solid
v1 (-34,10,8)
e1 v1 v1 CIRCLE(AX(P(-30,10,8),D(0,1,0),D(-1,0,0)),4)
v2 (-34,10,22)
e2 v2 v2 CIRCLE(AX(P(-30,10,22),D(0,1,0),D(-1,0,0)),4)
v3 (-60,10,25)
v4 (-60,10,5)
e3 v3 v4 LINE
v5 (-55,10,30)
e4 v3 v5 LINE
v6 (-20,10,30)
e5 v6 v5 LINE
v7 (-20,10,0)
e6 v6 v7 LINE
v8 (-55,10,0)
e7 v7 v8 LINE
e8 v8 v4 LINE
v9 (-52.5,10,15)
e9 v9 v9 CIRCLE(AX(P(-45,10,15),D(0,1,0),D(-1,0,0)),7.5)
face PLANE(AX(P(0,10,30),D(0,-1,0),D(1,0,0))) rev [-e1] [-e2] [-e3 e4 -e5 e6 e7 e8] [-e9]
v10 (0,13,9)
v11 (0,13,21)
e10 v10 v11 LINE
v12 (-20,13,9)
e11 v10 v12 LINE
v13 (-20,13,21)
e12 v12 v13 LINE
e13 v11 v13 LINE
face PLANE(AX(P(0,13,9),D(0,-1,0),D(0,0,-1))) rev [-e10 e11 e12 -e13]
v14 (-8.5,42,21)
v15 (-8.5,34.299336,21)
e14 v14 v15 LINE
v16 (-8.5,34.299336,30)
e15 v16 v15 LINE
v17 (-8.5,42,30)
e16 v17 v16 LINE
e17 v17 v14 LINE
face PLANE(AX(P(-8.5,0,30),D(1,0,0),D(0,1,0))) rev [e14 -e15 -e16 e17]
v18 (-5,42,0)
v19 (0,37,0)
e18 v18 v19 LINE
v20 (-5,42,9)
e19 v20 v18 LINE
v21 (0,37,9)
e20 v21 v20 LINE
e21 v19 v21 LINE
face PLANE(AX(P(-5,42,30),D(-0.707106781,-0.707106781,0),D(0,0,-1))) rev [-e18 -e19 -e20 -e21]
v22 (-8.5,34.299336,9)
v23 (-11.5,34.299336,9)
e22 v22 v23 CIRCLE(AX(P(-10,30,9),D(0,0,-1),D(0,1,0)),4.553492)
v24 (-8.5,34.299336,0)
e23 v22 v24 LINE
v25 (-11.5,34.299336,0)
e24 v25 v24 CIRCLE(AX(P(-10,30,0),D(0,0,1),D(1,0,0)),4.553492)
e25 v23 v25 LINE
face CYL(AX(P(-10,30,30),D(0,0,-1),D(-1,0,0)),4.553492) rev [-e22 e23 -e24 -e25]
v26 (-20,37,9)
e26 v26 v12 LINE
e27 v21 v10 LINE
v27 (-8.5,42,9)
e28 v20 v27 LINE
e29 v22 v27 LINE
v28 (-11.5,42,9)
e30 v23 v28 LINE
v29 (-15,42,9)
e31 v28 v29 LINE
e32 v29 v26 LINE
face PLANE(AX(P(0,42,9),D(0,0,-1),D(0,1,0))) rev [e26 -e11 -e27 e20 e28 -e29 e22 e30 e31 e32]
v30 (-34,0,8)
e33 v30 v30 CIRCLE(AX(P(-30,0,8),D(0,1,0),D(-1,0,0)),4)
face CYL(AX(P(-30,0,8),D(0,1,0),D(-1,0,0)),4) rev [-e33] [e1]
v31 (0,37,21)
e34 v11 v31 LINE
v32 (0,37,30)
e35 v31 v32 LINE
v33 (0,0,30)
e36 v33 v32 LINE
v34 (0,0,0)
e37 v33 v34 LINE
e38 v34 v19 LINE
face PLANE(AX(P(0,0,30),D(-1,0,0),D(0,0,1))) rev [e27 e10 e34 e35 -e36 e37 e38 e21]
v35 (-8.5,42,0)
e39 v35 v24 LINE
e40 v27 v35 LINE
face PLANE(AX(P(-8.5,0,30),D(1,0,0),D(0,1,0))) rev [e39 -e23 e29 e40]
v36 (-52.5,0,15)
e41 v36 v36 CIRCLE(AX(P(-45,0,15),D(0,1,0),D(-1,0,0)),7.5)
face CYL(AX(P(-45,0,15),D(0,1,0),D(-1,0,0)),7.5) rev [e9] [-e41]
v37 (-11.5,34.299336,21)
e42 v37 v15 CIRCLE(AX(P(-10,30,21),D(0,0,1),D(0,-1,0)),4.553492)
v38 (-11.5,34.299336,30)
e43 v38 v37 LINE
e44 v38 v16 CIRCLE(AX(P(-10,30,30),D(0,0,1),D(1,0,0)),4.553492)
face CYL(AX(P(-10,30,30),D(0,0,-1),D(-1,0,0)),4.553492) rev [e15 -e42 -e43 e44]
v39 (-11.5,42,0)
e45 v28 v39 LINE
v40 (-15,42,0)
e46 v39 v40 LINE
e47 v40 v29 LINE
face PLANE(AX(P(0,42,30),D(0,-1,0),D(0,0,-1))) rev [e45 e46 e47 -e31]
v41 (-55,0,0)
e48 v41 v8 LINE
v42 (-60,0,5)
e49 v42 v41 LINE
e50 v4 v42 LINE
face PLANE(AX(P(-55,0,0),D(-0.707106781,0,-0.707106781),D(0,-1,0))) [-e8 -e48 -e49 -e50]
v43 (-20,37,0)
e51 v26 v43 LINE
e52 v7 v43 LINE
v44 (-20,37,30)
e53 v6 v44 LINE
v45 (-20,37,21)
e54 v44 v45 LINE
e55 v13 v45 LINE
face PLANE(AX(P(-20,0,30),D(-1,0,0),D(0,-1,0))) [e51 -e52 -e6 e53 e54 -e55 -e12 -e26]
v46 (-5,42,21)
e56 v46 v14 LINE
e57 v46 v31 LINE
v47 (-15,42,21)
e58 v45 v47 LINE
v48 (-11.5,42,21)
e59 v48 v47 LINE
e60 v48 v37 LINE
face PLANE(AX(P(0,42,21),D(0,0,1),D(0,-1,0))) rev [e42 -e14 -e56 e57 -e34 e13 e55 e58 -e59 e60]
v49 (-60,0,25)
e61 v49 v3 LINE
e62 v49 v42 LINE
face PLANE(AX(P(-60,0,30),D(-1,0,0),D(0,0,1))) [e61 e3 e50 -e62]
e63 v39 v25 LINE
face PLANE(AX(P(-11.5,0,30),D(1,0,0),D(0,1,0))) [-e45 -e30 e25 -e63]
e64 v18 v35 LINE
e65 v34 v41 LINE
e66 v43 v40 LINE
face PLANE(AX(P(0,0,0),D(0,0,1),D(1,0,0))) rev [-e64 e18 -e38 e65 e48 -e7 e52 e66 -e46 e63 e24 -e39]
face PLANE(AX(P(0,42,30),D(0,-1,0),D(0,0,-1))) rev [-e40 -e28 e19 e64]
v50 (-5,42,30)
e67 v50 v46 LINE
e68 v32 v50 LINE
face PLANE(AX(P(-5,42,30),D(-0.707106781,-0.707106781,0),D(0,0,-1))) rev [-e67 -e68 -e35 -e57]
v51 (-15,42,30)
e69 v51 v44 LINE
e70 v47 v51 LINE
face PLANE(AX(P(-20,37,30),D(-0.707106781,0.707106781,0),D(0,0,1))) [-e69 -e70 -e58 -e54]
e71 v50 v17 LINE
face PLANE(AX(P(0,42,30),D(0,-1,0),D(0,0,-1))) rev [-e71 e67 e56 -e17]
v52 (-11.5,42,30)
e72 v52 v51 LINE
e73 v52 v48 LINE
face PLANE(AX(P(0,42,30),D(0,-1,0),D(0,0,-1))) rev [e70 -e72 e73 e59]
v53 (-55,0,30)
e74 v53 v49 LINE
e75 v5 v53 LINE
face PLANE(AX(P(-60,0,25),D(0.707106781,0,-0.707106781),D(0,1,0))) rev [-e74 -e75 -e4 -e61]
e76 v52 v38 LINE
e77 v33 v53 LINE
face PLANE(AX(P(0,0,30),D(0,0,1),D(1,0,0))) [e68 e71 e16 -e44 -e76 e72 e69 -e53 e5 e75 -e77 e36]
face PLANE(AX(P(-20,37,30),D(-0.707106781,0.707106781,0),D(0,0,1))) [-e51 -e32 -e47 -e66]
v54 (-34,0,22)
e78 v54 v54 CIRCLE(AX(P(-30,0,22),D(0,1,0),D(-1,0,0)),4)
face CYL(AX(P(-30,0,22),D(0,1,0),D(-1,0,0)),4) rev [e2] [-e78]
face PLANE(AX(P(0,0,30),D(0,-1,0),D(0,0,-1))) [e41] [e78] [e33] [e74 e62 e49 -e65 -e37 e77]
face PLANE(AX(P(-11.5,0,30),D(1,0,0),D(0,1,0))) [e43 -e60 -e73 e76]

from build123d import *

# Parameters (mm, degrees)
BOSS_EXTRUDE1_DEPTH = 30
SKETCH2_R           = 7.5
SKETCH2_R_2         = 4
CUT_EXTRUDE1_DEPTH  = 75.323616704
SKETCH3_W           = 12
SKETCH3_H           = 29
CUT_EXTRUDE2_DEPTH  = 66.299310869
CHAMFER1_SIZE       = 5


with BuildPart() as part:
    # Sketch1 → Boss-Extrude1 (new body)
    with BuildSketch(Plane.XY):
        with BuildLine():
            ThreePointArc((-11.5, 34.299335699), (-10, 25.446508213), (-8.5, 34.299335699))
            Line((-8.5, 34.299335699), (-8.5, 42))
            Line((-8.5, 42), (0, 42))
            Line((0, 42), (0, 0))
            Line((0, 0), (-60, 0))
            Line((-60, 0), (-60, 10))
            Line((-60, 10), (-20, 10))
            Line((-20, 10), (-20, 42))
            Line((-20, 42), (-11.5, 42))
            Line((-11.5, 42), (-11.5, 34.299335699))
        make_face()
    extrude(amount=BOSS_EXTRUDE1_DEPTH)

    # Sketch2 → Cut-Extrude1 (cut, through all)
    with BuildSketch(Plane(origin=(0, 10, 0), x_dir=(1, 0, 0), z_dir=(0, 1, 0))):
        with Locations(Location((-45, -15, 0), (0, 0, 180))):
            Circle(SKETCH2_R)
        with Locations(Location((-30, -8, 0), (0, 0, 180))):
            Circle(SKETCH2_R_2)
        with Locations(Location((-30, -22, 0), (0, 0, 180))):
            Circle(SKETCH2_R_2)
    extrude(amount=-CUT_EXTRUDE1_DEPTH, mode=Mode.SUBTRACT)

    # Sketch3 → Cut-Extrude2 (cut, through all)
    with BuildSketch(Plane.ZY.offset(20)):
        with Locations((15, 27.5)):
            Rectangle(SKETCH3_W, SKETCH3_H)
    extrude(amount=-CUT_EXTRUDE2_DEPTH, mode=Mode.SUBTRACT)

    # Chamfer1
    chamfer1_edges = [part.edges().sort_by_distance(p)[0] for p in [
        (-60, 5, 0),
        (0, 42, 25.5),
        (-20, 42, 25.5),
        (-60, 5, 30),
        (0, 42, 4.5),
        (-20, 42, 4.5),
    ]]
    chamfer(chamfer1_edges, length=CHAMFER1_SIZE)


solid = part.part
